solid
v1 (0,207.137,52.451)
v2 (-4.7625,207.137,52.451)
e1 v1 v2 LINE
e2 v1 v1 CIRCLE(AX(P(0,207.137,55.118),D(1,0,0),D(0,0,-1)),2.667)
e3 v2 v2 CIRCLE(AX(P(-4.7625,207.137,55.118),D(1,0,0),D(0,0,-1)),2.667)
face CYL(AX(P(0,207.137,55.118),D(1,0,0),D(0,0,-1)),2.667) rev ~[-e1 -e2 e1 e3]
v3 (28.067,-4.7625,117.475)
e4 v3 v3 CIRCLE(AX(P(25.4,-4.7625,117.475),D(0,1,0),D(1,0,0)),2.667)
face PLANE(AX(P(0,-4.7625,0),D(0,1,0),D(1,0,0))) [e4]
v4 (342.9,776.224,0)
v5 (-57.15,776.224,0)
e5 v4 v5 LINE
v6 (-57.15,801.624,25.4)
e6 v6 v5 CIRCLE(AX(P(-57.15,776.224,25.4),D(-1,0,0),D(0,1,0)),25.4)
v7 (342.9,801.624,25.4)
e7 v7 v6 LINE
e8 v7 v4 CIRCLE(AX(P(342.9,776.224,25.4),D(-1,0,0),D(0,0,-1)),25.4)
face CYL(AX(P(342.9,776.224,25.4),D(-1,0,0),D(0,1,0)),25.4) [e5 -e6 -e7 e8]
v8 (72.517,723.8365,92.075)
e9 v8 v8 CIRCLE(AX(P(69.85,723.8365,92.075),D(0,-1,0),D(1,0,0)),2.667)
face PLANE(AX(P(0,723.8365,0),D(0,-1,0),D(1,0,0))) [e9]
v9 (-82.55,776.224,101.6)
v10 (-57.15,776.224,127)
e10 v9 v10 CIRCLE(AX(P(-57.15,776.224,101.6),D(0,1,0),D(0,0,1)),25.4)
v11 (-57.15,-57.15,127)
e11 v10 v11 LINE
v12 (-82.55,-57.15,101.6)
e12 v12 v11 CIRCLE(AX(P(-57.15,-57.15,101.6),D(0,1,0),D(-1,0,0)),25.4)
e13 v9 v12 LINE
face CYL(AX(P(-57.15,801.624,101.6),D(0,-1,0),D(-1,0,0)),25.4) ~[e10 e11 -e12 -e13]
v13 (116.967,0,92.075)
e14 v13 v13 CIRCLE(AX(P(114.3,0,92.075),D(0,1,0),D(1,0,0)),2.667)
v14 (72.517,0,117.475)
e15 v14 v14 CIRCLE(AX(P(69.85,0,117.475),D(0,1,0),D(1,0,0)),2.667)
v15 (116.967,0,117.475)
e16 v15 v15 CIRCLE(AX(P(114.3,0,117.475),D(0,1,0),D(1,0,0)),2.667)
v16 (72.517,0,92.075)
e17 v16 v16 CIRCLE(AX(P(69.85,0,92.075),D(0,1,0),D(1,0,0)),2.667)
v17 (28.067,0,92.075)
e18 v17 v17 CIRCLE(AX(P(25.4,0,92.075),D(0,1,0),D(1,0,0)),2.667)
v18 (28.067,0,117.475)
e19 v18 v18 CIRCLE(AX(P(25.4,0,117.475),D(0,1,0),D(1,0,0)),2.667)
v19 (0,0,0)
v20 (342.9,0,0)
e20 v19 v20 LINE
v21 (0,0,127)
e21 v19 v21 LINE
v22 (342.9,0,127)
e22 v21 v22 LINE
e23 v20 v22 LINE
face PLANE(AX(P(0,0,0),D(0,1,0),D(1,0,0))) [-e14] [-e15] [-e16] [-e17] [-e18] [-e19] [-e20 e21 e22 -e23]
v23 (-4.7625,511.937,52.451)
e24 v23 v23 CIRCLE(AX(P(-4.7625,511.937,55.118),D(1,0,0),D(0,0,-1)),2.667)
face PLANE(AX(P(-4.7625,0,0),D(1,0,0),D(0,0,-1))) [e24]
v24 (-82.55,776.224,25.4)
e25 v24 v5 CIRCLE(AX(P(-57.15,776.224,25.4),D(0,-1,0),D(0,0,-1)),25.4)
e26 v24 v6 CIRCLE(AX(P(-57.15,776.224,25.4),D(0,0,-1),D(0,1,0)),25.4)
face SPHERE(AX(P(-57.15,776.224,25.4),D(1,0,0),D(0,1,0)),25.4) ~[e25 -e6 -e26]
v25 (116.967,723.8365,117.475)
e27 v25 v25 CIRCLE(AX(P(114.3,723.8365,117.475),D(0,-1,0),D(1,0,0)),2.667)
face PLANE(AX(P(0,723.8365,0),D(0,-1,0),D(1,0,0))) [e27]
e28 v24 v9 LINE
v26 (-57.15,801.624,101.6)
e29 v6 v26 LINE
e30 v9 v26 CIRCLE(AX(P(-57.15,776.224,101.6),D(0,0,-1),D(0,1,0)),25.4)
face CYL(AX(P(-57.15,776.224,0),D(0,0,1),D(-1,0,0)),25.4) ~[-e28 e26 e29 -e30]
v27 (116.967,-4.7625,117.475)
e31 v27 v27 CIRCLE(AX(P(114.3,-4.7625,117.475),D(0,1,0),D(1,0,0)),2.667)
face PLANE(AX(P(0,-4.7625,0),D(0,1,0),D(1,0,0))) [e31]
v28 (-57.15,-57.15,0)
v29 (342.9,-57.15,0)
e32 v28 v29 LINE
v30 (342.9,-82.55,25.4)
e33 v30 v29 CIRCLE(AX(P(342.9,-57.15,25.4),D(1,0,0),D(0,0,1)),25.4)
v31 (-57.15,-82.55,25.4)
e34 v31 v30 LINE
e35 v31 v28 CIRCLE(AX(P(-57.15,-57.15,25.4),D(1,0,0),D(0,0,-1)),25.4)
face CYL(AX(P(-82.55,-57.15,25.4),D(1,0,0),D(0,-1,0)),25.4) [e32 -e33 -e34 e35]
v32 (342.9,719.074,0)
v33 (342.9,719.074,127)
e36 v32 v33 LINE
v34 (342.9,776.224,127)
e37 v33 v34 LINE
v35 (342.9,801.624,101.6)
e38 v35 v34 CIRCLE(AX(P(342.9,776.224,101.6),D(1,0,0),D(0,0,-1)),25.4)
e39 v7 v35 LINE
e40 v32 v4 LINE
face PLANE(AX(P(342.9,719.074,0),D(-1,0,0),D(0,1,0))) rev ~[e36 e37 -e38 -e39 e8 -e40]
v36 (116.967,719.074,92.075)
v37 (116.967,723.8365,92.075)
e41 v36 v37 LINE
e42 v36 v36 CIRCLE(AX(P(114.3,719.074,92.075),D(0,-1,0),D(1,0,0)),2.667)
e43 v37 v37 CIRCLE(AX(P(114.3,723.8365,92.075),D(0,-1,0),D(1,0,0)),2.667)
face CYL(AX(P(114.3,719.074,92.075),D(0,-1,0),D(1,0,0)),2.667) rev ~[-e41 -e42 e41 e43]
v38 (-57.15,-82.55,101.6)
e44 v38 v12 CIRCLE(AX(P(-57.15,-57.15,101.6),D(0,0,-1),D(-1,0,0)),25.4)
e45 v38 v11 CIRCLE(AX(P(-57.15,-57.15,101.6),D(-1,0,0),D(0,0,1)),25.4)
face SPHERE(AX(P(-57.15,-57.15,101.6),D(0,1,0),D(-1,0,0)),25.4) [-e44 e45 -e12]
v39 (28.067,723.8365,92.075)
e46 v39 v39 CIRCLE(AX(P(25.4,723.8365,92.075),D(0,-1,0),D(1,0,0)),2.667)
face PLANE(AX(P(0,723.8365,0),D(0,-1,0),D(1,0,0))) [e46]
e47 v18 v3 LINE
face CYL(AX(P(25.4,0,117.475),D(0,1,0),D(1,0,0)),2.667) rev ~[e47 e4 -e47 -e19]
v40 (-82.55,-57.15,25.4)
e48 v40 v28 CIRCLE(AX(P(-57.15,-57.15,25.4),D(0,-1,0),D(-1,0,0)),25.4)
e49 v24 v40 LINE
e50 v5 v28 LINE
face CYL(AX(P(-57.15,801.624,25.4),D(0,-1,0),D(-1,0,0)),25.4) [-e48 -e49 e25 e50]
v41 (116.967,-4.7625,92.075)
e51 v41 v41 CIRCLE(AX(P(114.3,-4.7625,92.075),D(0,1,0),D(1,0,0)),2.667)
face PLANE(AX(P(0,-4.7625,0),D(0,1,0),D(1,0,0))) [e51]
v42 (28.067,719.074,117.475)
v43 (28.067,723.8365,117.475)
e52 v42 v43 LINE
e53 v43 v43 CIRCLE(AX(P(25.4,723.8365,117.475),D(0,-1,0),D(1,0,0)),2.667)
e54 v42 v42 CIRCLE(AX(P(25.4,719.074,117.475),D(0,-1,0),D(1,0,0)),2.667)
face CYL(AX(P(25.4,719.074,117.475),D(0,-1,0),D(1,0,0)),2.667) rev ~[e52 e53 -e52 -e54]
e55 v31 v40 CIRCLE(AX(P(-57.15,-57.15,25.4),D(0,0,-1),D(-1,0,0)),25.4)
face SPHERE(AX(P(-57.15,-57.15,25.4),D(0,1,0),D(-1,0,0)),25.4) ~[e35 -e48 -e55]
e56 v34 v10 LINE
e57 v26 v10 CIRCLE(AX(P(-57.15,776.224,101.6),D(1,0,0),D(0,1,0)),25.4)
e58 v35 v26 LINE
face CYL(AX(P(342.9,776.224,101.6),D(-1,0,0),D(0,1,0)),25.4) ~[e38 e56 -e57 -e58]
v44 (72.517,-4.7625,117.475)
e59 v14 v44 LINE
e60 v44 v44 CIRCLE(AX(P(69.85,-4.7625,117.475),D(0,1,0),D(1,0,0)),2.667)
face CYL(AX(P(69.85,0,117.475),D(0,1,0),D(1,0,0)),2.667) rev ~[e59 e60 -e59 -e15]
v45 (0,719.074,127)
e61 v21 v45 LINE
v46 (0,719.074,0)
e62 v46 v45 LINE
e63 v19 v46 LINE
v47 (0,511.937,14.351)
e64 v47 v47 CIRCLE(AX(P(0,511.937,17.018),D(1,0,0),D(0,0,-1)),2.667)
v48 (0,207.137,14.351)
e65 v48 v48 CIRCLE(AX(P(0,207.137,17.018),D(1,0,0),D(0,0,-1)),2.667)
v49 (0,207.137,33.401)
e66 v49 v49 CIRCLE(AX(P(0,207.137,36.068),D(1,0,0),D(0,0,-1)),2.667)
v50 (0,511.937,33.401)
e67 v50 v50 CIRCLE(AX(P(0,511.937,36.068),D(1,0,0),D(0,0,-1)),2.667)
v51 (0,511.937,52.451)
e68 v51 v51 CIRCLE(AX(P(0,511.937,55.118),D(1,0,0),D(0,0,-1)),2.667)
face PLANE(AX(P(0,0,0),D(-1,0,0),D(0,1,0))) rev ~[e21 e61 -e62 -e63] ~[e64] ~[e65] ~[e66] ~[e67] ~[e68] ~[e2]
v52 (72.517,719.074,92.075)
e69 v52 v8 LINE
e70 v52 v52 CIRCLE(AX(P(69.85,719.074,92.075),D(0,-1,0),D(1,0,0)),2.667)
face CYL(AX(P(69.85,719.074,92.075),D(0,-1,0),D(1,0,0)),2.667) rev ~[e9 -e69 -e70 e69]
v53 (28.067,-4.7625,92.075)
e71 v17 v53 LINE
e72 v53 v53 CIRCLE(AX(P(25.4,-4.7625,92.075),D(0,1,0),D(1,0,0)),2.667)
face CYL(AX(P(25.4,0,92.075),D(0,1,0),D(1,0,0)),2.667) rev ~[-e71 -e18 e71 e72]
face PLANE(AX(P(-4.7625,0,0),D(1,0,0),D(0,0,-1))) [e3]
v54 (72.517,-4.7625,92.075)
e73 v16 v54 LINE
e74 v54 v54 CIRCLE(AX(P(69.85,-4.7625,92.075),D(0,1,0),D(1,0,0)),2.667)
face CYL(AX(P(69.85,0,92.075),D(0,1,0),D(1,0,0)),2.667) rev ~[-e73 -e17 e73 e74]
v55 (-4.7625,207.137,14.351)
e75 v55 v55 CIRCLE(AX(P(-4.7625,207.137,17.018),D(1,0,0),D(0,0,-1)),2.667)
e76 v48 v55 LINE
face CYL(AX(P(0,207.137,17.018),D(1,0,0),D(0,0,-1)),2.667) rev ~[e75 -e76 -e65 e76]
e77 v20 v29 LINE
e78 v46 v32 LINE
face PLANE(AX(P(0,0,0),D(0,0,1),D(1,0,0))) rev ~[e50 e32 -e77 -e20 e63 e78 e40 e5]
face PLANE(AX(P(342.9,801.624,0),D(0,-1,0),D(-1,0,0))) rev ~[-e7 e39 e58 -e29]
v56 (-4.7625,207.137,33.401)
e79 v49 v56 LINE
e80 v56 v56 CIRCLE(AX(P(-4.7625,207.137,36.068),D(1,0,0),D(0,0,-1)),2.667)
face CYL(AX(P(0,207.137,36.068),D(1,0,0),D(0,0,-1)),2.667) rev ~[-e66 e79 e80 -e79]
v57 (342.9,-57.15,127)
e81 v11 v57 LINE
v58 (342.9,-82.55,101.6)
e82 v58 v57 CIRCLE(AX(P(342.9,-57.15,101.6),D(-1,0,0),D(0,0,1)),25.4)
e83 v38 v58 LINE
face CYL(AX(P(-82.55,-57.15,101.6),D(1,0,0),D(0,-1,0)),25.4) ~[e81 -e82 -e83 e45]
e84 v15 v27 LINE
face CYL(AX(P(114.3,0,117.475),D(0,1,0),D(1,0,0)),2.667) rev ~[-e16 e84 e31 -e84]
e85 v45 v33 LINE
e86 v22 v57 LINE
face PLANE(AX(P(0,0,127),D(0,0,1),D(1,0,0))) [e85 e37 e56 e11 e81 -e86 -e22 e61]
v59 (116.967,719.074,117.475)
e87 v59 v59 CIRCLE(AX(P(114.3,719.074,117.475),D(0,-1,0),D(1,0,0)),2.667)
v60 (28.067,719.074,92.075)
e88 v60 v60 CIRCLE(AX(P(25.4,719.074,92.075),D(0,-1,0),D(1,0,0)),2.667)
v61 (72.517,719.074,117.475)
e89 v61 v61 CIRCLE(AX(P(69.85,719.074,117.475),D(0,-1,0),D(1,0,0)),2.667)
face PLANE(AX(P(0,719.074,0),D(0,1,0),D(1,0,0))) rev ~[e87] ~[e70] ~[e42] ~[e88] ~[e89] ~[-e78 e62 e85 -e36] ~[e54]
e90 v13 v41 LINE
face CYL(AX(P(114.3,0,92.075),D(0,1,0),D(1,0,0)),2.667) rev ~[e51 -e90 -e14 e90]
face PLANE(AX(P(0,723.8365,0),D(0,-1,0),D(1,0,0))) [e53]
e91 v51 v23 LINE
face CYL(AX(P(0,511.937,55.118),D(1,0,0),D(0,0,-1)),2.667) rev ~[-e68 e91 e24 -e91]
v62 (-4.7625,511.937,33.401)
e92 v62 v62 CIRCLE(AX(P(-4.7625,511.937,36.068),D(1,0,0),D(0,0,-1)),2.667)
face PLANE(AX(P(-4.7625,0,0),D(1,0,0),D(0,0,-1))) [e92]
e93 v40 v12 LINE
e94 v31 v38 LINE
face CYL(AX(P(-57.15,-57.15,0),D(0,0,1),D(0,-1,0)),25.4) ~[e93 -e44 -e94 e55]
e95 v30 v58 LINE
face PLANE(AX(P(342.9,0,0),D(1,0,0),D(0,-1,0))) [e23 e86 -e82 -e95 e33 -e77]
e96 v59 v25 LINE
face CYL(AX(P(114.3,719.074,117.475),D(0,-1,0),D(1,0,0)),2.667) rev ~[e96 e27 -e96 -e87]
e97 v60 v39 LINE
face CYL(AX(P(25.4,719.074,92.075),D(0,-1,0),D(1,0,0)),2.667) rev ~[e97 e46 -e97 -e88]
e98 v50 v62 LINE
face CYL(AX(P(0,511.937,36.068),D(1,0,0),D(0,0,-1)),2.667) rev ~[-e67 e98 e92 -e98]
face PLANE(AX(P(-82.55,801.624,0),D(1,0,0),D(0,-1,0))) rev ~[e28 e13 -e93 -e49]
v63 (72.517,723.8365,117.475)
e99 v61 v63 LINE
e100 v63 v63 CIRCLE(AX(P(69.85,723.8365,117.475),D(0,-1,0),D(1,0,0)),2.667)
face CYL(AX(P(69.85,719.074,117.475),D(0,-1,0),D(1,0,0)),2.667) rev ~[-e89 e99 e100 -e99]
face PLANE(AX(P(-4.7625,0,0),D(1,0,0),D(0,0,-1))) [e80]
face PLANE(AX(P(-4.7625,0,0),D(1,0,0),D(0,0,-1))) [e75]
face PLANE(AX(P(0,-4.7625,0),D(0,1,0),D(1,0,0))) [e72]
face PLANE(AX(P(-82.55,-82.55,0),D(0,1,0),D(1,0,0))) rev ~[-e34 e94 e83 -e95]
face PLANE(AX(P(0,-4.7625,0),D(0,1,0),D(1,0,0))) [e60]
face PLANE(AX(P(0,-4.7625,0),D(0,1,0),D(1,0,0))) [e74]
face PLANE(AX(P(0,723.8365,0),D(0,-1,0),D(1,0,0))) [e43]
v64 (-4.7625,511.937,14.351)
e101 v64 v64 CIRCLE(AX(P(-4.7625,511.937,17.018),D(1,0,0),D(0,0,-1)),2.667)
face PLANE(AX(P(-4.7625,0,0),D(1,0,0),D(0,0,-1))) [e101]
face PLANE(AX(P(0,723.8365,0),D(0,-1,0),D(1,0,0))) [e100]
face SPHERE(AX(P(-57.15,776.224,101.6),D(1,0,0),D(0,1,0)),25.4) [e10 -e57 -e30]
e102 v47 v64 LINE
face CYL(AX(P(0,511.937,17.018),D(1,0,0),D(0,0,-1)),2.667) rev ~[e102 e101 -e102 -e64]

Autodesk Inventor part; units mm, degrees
ref_plane "YZ Plane" through (0, 0, 0) normal (1, 0, 0) x (0, 1, 0)
ref_plane "XZ Plane" through (0, 0, 0) normal (0, 1, 0) x (-1, 0, 0)
ref_plane "XY Plane" through (0, 0, 0) normal (0, 0, 1) x (1, 0, 0)
sketch "Sketch1" plane through (0, 0, 0) normal (0, 0, 1) x (1, 0, 0)
  line L0 (0, 0) -> (0, 719.074)
  line L1 (0, 719.074) -> (342.9, 719.074)
  line L2 (0, 0) -> (342.9, 0)
  line L3 (342.9, 801.624) -> (-82.55, 801.624)
  line L4 (-82.55, 801.624) -> (-82.55, -82.55)
  line L5 (-82.55, -82.55) -> (342.9, -82.55)
  line L6 (342.9, 719.074) -> (342.9, 801.624)
  line L7 (342.9, 0) -> (342.9, -82.55)
  dimension "d0" = 719.074
  dimension "d1" = 342.9
  dimension "d2" = 82.55
extrude "Extrusion1" add sketch "Sketch1" along normal blind 127
fillet "Fillet1" radius 25.4 8 edges at (130.175, 801.624, 127) (130.175, 801.624, 0) (-82.55, 801.624, 63.5) (-82.55, 359.537, 127) (-82.55, 359.537, 0) (-82.55, -82.55, 63.5) (130.175, -82.55, 0) (130.175, -82.55, 127)
sketch "Sketch2" plane through (0, 719.074, 0) normal (0, -1, 0) x (1, 0, 0)
  line L0 (342.9, 0) -> (342.9, 127) construction
  line L1 (0, 127) -> (342.9, 127) construction
  line L2 (342.9, 127) -> (114.3, 127) construction
  line L3 (114.3, 127) -> (69.85, 127) construction
  line L4 (69.85, 127) -> (25.4, 127) construction
  line L5 (114.3, 127) -> (114.3, 117.475) construction
  line L6 (114.3, 117.475) -> (69.85, 117.475) construction
  line L7 (69.85, 117.475) -> (25.4, 117.475) construction
  line L8 (25.4, 117.475) -> (25.4, 92.075) construction
  line L9 (25.4, 92.075) -> (69.85, 92.075) construction
  line L10 (69.85, 92.075) -> (114.3, 92.075) construction
  circle A0 centre (114.3, 117.475) radius 2.667
  circle A1 centre (69.85, 117.475) radius 2.667
  circle A2 centre (25.4, 117.475) radius 2.667
  circle A3 centre (25.4, 92.075) radius 2.667
  circle A4 centre (69.85, 92.075) radius 2.667
  circle A5 centre (114.3, 92.075) radius 2.667
  point P0 (0, 0)
  dimension "d7" = 228.6
  dimension "d8" = 44.45
  dimension "d9" = 44.45
  dimension "d10" = 9.525
  dimension "d11" = 25.4
  dimension "d12" = 5.334
extrude "Extrusion2" cut sketch "Sketch2" against normal blind 4.7625
sketch "Sketch3" plane through (0, 0, 0) normal (0, 1, 0) x (1, 0, 0)
  line L0 (342.9, -127) -> (0, -127) construction
  line L1 (342.9, -127) -> (342.9, -117.475) construction
  line L2 (342.9, 0) -> (342.9, -127) construction
  line L3 (342.9, -117.475) -> (114.3, -117.475) construction
  line L4 (114.3, -117.475) -> (69.85, -117.475) construction
  line L5 (69.85, -117.475) -> (25.4, -117.475) construction
  line L6 (25.4, -117.475) -> (25.4, -92.075) construction
  line L7 (25.4, -92.075) -> (69.85, -92.075) construction
  line L8 (69.85, -92.075) -> (114.3, -92.075) construction
  circle A0 centre (114.3, -117.475) radius 2.667
  circle A1 centre (69.85, -117.475) radius 2.667
  circle A2 centre (25.4, -117.475) radius 2.667
  circle A3 centre (25.4, -92.075) radius 2.667
  circle A4 centre (69.85, -92.075) radius 2.667
  circle A5 centre (114.3, -92.075) radius 2.667
  point P0 (0, 0)
  dimension "d15" = 9.525
  dimension "d16" = 228.6
  dimension "d17" = 44.45
  dimension "d18" = 44.45
  dimension "d19" = 25.4
  dimension "d20" = 5.334
extrude "Extrusion3" cut sketch "Sketch3" against normal blind 4.7625
sketch "Sketch4" plane through (0, 0, 0) normal (1, 0, 0) x (0, 0, -1)
  line L0 (-127, -57.15) -> (-127, 0) construction
  line L1 (-127, 0) -> (-127, 207.137) construction
  line L2 (-127, 0) -> (-127, 719.074) construction
  line L3 (-127, 207.137) -> (-55.118, 207.137) construction
  line L4 (-55.118, 207.137) -> (-36.068, 207.137) construction
  line L5 (-36.068, 207.137) -> (-17.018, 207.137) construction
  circle A0 centre (-55.118, 207.137) radius 2.667
  circle A1 centre (-36.068, 207.137) radius 2.667
  circle A2 centre (-17.018, 207.137) radius 2.667
  line L6 (-127, 359.537) -> (0, 359.537) construction
  line L7 (0, 0) -> (0, 719.074) construction
  line L8 (-55.118, 511.937) -> (-36.068, 511.937) construction
  line L9 (-36.068, 511.937) -> (-17.018, 511.937) construction
  circle A3 centre (-55.118, 511.937) radius 2.667
  circle A4 centre (-36.068, 511.937) radius 2.667
  circle A5 centre (-17.018, 511.937) radius 2.667
  dimension "d23" = 207.137
  dimension "d24" = 71.882
  dimension "d25" = 19.05
  dimension "d26" = 19.05
  dimension "d27" = 5.334
extrude "Extrusion4" cut sketch "Sketch4" against normal blind 4.7625
properties part number "Bumper Side"
